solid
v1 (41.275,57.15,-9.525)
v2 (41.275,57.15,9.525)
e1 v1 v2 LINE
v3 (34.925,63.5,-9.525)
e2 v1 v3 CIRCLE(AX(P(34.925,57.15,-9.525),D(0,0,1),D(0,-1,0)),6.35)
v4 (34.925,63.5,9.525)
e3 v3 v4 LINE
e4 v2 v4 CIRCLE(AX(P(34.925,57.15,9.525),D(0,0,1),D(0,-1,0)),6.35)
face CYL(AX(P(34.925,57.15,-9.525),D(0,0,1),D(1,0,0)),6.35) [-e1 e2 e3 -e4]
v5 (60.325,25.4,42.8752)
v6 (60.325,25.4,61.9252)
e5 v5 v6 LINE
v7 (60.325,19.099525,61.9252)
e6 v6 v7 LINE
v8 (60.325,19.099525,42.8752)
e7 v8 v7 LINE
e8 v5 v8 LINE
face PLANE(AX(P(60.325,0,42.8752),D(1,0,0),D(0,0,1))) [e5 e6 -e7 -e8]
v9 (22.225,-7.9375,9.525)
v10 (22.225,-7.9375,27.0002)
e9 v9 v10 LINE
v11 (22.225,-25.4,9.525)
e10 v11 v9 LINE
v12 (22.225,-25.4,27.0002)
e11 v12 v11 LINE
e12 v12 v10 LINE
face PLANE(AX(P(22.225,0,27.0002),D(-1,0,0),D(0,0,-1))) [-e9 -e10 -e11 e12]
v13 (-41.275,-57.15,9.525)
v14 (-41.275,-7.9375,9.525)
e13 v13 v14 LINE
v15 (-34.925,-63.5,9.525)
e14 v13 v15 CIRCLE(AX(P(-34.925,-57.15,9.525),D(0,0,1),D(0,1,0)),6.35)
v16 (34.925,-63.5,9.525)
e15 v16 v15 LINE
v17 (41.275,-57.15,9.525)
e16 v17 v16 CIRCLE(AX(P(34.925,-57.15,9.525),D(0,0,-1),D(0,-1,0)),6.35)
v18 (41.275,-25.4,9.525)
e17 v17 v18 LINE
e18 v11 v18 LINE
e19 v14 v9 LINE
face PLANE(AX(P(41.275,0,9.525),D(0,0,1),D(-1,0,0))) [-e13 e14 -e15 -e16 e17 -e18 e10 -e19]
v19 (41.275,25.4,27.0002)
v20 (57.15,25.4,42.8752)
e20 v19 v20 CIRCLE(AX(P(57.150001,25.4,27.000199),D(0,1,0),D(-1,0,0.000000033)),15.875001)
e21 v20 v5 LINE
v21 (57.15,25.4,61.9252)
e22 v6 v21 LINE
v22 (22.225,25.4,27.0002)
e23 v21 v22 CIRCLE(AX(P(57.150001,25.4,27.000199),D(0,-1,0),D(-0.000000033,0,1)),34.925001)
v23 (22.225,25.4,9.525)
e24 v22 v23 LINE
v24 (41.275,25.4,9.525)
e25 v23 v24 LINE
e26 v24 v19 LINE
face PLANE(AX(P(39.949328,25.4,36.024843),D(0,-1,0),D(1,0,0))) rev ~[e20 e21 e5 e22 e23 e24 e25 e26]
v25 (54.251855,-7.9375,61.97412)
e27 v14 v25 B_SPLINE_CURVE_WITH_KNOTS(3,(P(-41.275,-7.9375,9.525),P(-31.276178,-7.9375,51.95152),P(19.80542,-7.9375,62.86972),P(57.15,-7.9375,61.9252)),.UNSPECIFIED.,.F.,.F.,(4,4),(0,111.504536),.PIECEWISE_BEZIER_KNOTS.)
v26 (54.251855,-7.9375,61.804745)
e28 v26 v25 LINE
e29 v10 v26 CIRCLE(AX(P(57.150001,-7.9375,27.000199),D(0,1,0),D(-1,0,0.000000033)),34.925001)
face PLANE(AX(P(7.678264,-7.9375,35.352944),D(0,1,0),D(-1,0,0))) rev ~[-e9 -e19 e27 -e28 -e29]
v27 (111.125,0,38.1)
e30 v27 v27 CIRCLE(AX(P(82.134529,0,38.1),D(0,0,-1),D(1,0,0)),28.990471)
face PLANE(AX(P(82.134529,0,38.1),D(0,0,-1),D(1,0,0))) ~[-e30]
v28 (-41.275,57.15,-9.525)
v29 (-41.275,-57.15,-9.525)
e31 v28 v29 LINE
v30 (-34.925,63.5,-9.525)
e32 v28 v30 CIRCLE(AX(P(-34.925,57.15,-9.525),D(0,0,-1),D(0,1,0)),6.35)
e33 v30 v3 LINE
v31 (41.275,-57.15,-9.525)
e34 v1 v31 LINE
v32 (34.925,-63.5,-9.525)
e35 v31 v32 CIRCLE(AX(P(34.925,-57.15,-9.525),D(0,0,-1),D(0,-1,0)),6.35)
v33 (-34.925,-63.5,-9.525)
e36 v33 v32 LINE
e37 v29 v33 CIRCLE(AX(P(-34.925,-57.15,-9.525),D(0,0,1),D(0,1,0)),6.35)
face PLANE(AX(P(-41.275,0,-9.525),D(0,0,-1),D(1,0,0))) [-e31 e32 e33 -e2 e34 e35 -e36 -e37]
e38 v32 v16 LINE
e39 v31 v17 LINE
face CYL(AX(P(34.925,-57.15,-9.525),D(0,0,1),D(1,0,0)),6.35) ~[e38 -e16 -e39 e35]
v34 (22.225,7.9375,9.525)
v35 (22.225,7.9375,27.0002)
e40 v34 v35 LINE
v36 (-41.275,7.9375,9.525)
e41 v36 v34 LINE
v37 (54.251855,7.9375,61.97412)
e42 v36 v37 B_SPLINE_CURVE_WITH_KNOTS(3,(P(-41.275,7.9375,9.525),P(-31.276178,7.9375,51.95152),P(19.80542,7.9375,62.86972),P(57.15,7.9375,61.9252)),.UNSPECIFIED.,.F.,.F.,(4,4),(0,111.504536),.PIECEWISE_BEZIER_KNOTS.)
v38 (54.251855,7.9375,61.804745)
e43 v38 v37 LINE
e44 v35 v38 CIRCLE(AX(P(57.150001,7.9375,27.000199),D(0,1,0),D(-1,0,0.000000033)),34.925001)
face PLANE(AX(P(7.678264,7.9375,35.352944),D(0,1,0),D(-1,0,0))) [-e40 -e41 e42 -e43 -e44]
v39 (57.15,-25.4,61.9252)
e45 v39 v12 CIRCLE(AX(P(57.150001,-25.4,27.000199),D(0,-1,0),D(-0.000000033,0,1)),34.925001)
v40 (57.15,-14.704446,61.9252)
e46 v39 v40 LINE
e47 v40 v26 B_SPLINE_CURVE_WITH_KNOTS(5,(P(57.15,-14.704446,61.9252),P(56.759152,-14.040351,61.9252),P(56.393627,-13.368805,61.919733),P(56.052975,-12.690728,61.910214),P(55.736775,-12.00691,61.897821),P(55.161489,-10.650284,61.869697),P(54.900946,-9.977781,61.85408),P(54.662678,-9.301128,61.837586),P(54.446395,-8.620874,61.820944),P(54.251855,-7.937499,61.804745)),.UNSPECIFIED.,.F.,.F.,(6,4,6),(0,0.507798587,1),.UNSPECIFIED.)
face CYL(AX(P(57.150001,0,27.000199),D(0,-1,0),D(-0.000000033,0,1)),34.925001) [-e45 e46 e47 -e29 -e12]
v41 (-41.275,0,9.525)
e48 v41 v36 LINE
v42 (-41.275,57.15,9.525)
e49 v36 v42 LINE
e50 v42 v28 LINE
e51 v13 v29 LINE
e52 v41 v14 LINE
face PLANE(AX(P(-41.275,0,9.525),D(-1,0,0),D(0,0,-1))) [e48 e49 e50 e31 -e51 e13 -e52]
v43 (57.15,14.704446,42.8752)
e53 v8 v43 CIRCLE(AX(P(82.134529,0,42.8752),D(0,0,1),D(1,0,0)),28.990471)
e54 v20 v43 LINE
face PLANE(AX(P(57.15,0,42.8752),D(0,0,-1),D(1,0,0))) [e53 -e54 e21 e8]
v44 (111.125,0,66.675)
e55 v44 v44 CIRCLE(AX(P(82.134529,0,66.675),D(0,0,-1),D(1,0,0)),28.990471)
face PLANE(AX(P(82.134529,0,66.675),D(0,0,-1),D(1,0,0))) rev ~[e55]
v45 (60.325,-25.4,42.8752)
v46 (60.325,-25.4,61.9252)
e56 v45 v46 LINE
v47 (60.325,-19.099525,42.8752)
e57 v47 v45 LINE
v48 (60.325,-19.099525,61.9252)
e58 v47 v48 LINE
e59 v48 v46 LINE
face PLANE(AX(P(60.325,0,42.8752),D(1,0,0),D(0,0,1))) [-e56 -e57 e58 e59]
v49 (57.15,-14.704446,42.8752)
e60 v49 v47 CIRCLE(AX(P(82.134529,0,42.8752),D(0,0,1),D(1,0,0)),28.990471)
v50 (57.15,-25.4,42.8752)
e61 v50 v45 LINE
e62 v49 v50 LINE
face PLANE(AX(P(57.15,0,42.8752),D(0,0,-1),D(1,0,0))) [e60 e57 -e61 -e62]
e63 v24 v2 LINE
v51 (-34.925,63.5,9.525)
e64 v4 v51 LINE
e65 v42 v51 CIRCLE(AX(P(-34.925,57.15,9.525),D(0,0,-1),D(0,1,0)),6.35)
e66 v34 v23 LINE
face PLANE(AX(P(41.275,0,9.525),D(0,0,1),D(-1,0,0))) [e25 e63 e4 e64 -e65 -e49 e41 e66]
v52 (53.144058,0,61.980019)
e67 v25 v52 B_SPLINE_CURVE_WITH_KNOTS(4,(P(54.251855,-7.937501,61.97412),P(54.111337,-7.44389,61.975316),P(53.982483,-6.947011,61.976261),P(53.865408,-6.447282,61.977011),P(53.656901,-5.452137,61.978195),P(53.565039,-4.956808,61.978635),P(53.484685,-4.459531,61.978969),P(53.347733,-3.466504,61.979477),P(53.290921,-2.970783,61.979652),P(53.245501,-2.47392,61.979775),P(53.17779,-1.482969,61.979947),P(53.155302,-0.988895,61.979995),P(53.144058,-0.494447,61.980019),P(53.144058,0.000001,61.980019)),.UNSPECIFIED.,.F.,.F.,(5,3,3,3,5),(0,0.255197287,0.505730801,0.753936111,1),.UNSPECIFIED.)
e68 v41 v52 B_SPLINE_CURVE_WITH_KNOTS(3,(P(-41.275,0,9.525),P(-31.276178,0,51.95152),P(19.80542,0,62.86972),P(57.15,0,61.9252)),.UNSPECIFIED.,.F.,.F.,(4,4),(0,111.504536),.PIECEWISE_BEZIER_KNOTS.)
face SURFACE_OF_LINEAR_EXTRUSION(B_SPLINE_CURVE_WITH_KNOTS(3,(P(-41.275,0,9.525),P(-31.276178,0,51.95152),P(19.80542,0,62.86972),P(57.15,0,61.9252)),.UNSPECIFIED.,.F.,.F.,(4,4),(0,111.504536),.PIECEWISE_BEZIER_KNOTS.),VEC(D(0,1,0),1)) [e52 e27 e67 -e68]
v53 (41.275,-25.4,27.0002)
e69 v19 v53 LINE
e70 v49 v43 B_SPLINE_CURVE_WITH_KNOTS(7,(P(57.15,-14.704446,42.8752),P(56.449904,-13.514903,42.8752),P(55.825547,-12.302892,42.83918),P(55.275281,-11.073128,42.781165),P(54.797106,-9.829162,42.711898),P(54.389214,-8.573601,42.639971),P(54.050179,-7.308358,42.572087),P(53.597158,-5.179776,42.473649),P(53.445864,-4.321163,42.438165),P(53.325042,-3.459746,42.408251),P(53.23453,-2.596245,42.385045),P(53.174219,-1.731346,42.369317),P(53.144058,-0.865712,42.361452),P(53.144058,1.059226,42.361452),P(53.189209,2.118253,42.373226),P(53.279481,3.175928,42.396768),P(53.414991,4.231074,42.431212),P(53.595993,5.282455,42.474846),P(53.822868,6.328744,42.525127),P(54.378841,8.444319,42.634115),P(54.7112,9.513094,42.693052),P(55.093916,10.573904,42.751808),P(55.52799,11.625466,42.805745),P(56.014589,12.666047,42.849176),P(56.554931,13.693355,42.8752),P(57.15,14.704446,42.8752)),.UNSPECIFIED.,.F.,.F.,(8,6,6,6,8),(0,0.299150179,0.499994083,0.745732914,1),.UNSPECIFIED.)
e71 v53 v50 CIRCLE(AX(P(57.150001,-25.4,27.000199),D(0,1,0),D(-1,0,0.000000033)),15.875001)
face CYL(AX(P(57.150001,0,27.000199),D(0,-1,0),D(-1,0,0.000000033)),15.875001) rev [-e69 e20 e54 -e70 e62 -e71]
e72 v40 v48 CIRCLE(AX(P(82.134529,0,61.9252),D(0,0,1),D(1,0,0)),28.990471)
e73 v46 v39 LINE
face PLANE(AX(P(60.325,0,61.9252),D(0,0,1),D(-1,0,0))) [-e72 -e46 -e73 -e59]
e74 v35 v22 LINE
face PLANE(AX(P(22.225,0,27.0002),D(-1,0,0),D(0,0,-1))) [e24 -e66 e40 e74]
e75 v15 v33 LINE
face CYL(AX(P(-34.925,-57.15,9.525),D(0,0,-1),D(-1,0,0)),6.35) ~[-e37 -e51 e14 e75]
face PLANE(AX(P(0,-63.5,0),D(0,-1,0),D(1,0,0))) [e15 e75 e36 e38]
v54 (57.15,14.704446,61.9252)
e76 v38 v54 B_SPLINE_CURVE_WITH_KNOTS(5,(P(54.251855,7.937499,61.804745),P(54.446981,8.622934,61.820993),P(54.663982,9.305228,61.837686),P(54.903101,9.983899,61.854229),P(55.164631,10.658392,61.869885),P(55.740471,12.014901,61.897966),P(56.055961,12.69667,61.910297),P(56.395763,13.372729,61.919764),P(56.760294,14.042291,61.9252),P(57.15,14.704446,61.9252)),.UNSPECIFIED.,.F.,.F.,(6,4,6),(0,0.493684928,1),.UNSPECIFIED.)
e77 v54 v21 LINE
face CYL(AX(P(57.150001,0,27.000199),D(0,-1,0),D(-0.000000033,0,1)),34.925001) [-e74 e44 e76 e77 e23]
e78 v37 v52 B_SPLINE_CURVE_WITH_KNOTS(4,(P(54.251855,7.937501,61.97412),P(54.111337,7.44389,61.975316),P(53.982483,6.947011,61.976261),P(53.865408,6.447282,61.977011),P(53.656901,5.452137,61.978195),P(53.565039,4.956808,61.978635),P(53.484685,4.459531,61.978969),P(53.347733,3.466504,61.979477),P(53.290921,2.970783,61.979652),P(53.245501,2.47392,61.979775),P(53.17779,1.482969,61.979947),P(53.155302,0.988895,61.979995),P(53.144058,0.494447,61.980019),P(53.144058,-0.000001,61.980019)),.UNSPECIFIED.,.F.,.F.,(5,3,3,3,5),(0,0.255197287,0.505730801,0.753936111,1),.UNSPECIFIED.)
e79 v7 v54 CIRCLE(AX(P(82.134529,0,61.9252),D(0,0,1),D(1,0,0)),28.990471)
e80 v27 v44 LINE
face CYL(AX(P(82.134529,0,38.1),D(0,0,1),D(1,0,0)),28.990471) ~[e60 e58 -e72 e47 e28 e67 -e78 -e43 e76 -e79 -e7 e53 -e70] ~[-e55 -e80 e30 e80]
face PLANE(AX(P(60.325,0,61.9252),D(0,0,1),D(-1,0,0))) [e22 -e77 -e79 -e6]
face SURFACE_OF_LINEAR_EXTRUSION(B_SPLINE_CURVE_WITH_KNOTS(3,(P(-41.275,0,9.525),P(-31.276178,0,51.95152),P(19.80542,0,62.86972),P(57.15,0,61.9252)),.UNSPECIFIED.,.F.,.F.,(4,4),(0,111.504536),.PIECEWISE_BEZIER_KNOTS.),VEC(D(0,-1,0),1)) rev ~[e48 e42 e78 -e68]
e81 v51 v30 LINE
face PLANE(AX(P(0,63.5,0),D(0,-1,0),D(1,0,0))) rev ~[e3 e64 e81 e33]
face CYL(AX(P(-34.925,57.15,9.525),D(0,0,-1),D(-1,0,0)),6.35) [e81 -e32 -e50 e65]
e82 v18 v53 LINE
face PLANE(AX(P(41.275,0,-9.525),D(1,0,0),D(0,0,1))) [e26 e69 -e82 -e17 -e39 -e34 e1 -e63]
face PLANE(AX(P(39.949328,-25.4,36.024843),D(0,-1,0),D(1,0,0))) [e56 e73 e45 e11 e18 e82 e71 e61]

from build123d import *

# Parameters (mm, degrees)
F1_DEPTH = 63.5
F2_DEPTH = 25.4
F3_DEPTH = 7.9375
F5_R     = 6.35


with BuildPart() as f1:
    # F0 (on Front) → F1 (new body, symmetric)
    with BuildSketch(Plane.XZ):
        Polygon((-41.275, 9.525), (-41.275, -9.525), (41.275, -9.525), (41.275, 9.525), (22.225, 9.525), align=None)
    extrude(amount=F1_DEPTH, both=True)

    # F0 (on Front) → F2 (join, symmetric)
    with BuildSketch(Plane.XZ):
        with BuildLine():
            Line((22.225, 9.525), (41.275, 9.525))
            Line((41.275, 9.525), (41.275, 27.0002))
            ThreePointArc((41.275, 27.0002), (45.92468, 38.22552), (57.15, 42.8752))
            Line((57.15, 42.8752), (60.325, 42.8752))
            Line((60.325, 42.8752), (60.325, 61.9252))
            Line((60.325, 61.9252), (57.15, 61.9252))
            ThreePointArc((57.15, 61.9252), (32.454296, 51.695904), (22.225, 27.0002))
            Line((22.225, 27.0002), (22.225, 9.525))
        make_face()
    extrude(amount=F2_DEPTH, both=True)

    # F0 (on Front) → F3 (join, symmetric)
    with BuildSketch(Plane.XZ):
        with BuildLine():
            add(Edge.make_bspline(
                [(-41.275, 9.525), (-31.276178, 51.95152), (19.80542, 62.86972), (57.15, 61.9252)],
                knots=[0, 0, 0, 0, 111.504536, 111.504536, 111.504536, 111.504536], degree=3))
            Line((-41.275, 9.525), (22.225, 9.525))
            Line((22.225, 9.525), (22.225, 27.0002))
            ThreePointArc((22.225, 27.0002), (32.454296, 51.695904), (57.15, 61.9252))
        make_face()
    extrude(amount=F3_DEPTH, both=True)

    # F0 (on Front) → F4 (revolve)
    with BuildSketch(Plane.XZ):
        Polygon((82.134529, 66.675), (82.134529, 61.9252), (82.134529, 42.8752), (82.134529, 38.1), (111.125, 38.1), (111.125, 66.675), align=None)
    revolve(axis=Axis((82.134529, 0, 52.3875), (0, 0, -1)))

    # F5
    f5_edges = [f1.edges().sort_by_distance(p)[0] for p in [
        (41.275, -63.5, 0),
        (-41.275, -63.5, 0),
        (41.275, 63.5, 0),
        (-41.275, 63.5, 0),
    ]]
    fillet(f5_edges, radius=F5_R)


solid = f1.part
